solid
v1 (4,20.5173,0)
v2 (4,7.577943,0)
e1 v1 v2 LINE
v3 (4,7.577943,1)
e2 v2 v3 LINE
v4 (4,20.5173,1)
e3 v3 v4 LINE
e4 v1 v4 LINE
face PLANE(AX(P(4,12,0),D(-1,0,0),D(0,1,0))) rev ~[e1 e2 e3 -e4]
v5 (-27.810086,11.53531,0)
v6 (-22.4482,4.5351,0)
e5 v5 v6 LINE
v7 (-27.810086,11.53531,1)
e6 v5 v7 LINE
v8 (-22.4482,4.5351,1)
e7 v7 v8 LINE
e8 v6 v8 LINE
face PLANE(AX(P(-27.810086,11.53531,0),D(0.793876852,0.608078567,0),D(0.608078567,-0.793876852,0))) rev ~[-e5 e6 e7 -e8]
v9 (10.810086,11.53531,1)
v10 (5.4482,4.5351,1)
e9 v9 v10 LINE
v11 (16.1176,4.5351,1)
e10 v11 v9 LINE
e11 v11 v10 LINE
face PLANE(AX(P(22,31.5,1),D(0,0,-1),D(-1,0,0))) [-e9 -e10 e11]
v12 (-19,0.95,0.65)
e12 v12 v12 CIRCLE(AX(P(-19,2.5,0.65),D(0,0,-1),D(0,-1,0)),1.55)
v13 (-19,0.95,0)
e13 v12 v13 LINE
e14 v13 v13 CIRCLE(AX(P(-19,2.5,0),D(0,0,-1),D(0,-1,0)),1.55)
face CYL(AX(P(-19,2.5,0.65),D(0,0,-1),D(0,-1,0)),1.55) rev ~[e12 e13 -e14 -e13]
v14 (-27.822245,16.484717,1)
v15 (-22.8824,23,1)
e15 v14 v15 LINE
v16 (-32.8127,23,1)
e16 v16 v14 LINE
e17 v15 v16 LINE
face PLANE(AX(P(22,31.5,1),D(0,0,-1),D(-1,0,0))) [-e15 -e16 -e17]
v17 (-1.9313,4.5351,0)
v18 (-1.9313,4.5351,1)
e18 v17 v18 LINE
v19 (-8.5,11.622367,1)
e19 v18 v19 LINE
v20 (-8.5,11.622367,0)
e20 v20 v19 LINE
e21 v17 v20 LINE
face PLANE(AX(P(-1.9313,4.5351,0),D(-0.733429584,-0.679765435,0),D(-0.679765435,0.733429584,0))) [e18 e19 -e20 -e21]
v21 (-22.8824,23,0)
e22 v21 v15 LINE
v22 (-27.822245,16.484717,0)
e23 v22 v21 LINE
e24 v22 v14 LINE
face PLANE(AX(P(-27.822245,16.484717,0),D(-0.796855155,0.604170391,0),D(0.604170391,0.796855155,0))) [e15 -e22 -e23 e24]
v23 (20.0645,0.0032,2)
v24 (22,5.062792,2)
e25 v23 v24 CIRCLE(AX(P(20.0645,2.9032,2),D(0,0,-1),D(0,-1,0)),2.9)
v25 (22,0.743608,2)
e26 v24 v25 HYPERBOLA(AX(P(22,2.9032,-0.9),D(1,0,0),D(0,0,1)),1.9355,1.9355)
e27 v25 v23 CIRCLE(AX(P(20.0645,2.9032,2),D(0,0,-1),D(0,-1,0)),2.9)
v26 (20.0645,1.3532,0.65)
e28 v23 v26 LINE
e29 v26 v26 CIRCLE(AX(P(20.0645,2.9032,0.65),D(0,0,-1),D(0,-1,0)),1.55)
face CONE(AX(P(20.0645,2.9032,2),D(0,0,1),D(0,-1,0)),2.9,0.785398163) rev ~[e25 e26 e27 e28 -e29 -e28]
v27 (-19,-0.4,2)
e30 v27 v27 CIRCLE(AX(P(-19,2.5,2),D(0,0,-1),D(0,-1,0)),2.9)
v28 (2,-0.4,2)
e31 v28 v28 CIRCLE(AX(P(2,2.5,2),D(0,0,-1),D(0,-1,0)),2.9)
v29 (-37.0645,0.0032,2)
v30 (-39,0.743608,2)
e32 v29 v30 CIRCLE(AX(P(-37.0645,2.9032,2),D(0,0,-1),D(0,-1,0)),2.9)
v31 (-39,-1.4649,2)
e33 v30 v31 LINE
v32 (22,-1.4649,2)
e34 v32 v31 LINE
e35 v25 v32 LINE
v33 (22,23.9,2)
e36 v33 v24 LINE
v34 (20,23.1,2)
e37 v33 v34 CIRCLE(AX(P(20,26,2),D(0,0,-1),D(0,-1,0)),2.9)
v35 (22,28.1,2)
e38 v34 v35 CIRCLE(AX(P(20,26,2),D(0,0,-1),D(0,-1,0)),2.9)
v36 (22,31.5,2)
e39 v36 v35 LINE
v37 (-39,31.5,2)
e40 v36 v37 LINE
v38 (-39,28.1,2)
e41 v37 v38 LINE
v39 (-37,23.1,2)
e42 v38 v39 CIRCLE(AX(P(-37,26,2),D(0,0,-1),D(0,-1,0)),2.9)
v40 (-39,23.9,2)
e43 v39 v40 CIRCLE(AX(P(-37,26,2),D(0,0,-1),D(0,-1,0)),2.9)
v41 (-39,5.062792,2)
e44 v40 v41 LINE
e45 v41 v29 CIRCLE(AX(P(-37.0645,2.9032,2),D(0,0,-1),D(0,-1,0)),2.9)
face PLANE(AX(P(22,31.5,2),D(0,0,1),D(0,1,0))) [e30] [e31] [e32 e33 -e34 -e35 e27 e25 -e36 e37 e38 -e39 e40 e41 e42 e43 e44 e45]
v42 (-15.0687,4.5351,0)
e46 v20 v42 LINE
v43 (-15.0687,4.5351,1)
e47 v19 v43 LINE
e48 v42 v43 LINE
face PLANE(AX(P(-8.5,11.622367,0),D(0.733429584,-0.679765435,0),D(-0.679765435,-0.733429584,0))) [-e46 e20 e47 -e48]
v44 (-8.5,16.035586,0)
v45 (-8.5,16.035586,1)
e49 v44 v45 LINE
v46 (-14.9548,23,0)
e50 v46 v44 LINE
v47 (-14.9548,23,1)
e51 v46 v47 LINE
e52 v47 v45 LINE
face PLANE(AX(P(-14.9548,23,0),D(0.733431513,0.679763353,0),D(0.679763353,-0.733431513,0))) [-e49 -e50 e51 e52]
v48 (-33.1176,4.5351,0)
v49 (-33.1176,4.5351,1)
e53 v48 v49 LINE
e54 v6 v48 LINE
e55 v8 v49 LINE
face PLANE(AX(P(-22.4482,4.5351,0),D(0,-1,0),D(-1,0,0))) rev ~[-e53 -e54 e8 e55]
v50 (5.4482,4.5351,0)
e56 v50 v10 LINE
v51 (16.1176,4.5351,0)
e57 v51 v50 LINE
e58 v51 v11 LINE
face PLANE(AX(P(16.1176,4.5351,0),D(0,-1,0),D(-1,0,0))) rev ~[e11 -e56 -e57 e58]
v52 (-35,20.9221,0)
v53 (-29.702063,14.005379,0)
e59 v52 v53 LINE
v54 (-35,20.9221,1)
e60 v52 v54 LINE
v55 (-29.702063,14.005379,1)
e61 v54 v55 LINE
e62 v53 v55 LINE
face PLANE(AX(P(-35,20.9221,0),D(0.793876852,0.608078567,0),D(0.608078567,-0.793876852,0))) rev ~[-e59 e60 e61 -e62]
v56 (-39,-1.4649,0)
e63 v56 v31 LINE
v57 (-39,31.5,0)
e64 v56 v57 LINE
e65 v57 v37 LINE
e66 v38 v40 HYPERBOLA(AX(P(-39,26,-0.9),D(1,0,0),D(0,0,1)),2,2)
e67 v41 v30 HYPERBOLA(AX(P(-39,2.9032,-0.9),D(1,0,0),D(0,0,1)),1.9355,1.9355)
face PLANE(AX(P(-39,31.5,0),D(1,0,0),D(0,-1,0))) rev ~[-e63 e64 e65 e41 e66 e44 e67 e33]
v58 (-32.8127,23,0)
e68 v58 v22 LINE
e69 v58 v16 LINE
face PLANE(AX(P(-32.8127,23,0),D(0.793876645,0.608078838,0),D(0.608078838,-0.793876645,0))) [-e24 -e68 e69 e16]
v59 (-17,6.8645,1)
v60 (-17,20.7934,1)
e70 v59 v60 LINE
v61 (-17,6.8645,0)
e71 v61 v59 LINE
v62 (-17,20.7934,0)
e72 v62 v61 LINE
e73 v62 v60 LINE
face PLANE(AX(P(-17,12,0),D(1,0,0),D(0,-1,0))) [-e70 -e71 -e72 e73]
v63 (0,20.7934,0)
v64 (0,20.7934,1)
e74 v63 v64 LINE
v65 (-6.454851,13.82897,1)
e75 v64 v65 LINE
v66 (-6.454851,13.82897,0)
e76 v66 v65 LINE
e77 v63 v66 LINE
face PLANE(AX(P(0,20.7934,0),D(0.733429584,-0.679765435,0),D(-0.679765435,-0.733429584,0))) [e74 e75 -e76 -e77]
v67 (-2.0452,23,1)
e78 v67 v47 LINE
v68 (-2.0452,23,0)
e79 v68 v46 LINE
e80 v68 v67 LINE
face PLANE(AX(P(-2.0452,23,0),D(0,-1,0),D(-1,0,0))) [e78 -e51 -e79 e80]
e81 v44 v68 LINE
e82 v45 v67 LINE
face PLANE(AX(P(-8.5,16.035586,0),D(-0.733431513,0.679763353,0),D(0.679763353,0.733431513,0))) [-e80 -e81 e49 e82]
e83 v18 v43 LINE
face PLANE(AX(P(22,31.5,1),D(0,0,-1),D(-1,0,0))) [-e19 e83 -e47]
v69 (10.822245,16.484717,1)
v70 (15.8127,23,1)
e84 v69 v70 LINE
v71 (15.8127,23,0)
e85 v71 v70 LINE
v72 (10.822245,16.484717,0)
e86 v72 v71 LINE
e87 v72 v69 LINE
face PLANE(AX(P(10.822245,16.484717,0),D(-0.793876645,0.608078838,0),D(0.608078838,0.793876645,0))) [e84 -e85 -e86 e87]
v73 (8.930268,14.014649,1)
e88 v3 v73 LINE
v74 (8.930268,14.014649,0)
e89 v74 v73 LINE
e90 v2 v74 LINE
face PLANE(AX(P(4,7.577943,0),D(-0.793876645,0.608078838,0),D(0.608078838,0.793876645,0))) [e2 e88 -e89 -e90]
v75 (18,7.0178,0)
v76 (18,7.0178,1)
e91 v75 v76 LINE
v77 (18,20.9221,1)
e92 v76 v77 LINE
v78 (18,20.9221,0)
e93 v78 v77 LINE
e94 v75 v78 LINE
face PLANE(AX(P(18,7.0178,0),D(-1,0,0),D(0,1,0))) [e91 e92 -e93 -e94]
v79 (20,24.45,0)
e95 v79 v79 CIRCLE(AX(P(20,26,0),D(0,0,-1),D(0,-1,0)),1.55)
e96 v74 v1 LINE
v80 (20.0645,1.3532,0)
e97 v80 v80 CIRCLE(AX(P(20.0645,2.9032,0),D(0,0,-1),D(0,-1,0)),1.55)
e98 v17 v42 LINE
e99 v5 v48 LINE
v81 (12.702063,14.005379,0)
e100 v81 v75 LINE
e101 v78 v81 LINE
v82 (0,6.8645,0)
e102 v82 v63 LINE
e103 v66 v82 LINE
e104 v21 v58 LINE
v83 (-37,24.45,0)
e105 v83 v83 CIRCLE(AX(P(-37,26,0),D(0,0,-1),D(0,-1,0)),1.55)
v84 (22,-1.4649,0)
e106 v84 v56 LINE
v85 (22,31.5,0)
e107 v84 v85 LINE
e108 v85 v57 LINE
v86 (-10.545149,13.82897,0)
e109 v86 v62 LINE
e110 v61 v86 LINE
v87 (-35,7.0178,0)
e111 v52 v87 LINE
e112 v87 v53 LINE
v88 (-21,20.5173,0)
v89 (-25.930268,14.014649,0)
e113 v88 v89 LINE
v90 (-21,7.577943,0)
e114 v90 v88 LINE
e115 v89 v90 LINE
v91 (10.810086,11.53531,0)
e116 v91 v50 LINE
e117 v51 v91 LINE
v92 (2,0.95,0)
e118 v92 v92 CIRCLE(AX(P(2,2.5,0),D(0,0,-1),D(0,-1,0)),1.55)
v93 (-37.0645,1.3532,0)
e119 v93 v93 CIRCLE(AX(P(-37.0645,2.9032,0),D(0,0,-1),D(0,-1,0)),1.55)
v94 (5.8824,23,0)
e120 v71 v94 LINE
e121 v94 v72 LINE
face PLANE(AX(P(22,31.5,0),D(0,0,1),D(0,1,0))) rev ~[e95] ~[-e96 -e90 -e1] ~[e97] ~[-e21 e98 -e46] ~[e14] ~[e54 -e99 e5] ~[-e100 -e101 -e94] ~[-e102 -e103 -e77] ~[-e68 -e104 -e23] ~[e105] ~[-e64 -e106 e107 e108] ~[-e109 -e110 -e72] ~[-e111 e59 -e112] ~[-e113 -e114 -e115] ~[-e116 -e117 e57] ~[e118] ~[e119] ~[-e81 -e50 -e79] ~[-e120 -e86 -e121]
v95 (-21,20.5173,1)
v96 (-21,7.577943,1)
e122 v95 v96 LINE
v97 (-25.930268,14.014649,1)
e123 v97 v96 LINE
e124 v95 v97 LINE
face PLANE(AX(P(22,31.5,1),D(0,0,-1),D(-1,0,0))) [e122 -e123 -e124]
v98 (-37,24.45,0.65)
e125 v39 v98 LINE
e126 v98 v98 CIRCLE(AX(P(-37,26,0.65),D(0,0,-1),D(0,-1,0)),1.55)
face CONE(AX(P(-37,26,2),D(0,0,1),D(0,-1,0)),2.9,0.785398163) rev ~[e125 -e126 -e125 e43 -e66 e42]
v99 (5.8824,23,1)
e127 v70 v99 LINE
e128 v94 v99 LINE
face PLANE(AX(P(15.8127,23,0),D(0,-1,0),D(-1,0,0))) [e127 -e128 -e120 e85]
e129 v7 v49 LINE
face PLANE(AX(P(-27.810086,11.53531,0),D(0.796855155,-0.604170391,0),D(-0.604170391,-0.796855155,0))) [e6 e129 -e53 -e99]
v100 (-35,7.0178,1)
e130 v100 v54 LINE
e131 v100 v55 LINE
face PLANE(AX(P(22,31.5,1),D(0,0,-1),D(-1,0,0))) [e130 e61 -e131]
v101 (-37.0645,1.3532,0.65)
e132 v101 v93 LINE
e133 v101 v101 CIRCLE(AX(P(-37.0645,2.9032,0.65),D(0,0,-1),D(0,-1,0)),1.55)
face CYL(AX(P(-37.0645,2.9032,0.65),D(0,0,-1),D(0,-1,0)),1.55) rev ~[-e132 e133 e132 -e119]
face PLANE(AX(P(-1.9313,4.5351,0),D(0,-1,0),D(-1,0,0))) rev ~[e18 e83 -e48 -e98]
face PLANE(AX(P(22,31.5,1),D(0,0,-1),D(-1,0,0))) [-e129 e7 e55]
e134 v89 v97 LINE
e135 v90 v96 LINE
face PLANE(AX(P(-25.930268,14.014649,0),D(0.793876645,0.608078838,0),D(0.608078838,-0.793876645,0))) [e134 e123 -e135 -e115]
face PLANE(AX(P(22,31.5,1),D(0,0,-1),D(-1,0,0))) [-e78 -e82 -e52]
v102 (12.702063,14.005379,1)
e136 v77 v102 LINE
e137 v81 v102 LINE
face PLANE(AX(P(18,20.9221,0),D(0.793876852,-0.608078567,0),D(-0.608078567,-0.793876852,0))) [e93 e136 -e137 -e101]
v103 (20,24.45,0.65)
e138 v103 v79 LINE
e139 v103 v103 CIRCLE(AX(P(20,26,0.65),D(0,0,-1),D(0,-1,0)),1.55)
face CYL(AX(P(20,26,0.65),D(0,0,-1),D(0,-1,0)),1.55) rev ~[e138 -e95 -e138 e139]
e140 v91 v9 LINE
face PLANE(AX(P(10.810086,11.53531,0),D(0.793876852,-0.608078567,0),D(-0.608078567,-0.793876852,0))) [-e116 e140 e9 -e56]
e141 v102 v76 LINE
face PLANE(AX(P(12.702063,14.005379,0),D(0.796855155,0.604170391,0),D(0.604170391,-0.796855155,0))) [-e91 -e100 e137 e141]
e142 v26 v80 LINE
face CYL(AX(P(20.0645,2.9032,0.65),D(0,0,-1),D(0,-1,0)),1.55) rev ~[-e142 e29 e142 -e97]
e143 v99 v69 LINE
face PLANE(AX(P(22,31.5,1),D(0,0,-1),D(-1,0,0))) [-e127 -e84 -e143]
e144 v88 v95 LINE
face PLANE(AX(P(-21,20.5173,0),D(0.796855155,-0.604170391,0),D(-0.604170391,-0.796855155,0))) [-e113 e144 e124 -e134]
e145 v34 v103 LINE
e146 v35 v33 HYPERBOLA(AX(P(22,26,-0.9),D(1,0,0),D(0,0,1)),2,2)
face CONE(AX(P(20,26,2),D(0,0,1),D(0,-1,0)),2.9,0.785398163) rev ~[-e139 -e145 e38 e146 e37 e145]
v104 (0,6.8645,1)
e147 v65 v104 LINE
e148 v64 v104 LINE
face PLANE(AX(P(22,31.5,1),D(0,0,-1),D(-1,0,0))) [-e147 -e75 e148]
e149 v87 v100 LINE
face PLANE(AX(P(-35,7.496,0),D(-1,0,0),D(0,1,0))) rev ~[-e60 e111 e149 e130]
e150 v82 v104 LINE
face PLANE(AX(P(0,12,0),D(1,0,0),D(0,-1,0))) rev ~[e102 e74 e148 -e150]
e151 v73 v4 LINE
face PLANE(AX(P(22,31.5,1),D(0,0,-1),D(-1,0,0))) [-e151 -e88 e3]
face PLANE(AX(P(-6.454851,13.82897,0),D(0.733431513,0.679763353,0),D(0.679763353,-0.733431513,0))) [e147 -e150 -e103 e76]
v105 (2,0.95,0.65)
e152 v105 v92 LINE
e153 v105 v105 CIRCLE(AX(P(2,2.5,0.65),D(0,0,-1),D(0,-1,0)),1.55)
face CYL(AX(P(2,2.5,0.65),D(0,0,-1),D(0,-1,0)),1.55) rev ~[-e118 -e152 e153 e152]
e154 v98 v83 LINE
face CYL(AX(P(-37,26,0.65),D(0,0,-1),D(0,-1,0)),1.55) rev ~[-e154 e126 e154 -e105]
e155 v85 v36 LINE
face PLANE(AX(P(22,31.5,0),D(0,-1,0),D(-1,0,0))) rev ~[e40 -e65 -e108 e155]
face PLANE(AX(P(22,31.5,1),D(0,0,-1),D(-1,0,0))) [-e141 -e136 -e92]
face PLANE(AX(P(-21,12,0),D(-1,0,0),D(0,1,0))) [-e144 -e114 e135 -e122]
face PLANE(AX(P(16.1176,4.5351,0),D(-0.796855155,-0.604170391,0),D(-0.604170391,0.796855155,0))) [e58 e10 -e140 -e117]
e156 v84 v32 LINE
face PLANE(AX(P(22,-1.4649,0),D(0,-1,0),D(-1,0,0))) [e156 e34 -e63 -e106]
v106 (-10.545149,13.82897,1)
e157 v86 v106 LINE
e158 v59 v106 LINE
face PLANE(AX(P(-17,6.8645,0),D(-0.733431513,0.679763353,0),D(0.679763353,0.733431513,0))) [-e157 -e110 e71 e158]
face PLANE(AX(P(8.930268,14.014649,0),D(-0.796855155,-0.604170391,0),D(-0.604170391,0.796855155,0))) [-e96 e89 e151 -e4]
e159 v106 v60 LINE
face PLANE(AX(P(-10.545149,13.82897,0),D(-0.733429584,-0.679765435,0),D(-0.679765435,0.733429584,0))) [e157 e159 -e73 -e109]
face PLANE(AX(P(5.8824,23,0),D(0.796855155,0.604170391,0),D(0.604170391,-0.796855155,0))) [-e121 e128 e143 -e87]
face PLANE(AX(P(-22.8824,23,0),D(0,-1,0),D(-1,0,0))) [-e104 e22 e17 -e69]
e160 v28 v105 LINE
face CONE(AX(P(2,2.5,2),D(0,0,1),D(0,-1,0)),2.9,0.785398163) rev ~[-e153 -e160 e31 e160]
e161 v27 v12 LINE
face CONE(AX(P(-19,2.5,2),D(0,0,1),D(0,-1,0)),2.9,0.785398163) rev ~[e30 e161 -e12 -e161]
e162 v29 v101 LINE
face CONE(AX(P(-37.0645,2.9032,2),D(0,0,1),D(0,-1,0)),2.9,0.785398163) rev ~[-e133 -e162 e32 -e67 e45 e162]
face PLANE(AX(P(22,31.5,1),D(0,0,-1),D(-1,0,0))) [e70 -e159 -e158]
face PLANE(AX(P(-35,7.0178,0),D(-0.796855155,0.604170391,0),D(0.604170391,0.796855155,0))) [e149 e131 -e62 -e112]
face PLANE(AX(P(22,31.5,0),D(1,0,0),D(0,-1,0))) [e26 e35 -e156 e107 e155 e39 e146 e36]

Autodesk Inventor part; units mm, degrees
ref_plane "YZ Plane" through (0, 0, 0) normal (1, 0, 0) x (0, 1, 0)
ref_plane "XZ Plane" through (0, 0, 0) normal (0, 1, 0) x (-1, 0, 0)
ref_plane "Work Plane1" through (22, 31.5, 0) normal (0, 0, 1) x (0, 1, 0)
sketch "Sketch1" plane through (22, 31.5, 0) normal (0, 0, 1) x (0, 1, 0)
  line L0 (0, 0) -> (0, 61) projected
  line L1 (0, 61) -> (-3.5, 61) projected
  line L2 (-3.5, 0) -> (-3.5, 61) projected
  circle A0 centre (-5.5, 2) radius 1.75 projected
  circle A1 centre (-28.5, 2) radius 1.75 projected
  line L3 (-3.5, 4) -> (-7.5, 4) projected
  arc A2 (-8.5, 3) -> (-7.5, 4) centre (-8.5, 4) ccw projected
  line L4 (-8.5, 3) -> (-21.7679, 3) projected
  arc A3 (-23.5, 4) -> (-21.7679, 3) centre (-21.7679, 5) ccw projected
  line L5 (-23.5, 4) -> (-31.5, 4) projected
  line L6 (-31.5, 0) -> (-31.5, 4) projected
  line L7 (-3.5, 0) -> (-3.5, 4) projected
  line L8 (-19.5, 22) -> (-3.5, 22) projected
  line L9 (-3.5, 22) -> (-3.5, 18) projected
  line L10 (-19.5, 39) -> (-3.5, 39) projected
  line L11 (-3.5, 39) -> (-3.5, 43) projected
  line L12 (-3.5, 57) -> (-6.7679, 57) projected
  line L13 (-3.5, 61) -> (-3.5, 57) projected
  line L14 (-3.5, 61) -> (-31.5, 61) projected
  line L15 (-31.5, 61) -> (-31.5, 57) projected
  line L16 (-24.004, 57) -> (-31.5, 57) projected
  line L17 (0, 0) -> (-32.9649, 0)
  line L18 (-32.9649, 0) -> (-32.9649, 61)
  line L19 (-32.9649, 61) -> (0, 61)
  line L20 (0, 61) -> (0, 0)
  line L21 (-3.5, 0) -> (-31.5, 0)
  line L22 (-8.5, 58) -> (-21.7679, 58) projected
  arc A4 (-7.634, 57.5) -> (-6.7679, 57) centre (-6.7679, 58) ccw projected
  arc A5 (-24.004, 57) -> (-23.2587, 57.3333) centre (-24.004, 58) ccw projected
  arc A6 (-21.7679, 58) -> (-23.2587, 57.3333) centre (-21.7679, 56) ccw projected
  arc A7 (-7.634, 57.5) -> (-8.5, 58) centre (-8.5, 57) ccw projected
  line L23 (-19.5, 18) -> (-19.5, 22) projected
  line L24 (-19.5, 18) -> (-3.5, 18) projected
  line L25 (-19.5, 43) -> (-3.5, 43) projected
  line L26 (-19.5, 43) -> (-19.5, 39) projected
  circle A8 centre (-5.5, 59) radius 1.75 projected
  circle A9 centre (-28.5, 59) radius 1.75 projected
  line L27 (-32.9649, 119.5) -> (-32.9649, -58.5) projected
  point P0 (-3.5, 28.5)
  point P1 (-3.5, 32.5)
  point P2 (-3.5, 61)
  point P3 (-13.5, 58)
  dimension "d25" = 0
  dimension "d26" = 0
extrude "Extrusion1" add sketch "Sketch1" along normal blind 2 contours L17 L2 L1 L0 | L17 L6 L5 A3 L4 A2 L3 L2 | L2 L12 A4 A7 L22 A6 A5 L16 L15 L14 | L3 A2 L4 A3 L5 L6 L17 L18 L19 L15 L16 A5 A6 L22 A7 A4 L12 L2 L25 L26 L10 L8 L23 L24 | L24 L23 L8 L2 | L2 L10 L26 L25 | A0 | A1 | A8 | A9
hole "Hole1" at (20.0645, 2.9032, 2) at (20, 26, 2) at (2, 2.5, 2) at (-19, 2.5, 2) at (-37, 26, 2) at (-37.0645, 2.9032, 2) direction (0, 0, -1) diameter 3.1 end through all countersink diameter 5.8 countersink angle 90 clearance for "Countersunk Flat Head Screw ISO 2009/7046" size "M2.5" standard "ISO"
sketch "Sketch4" plane through (22, 31.5, 0) normal (0, 0, -1) x (-1, 0, 0)
  line L0 (39, -19.5) -> (39, -3.5)
  line L1 (39, -3.5) -> (43, -3.5)
  line L2 (43, -19.5) -> (43, -3.5)
  line L3 (43, -19.5) -> (39, -19.5)
  line L4 (22, -19.5) -> (22, -3.5)
  line L5 (18, -19.5) -> (22, -19.5)
  line L6 (18, -19.5) -> (18, -3.5)
  line L7 (22, -3.5) -> (18, -3.5)
  circle A0 centre (20, -29) radius 1.75
  line L8 (22, -31.5) -> (18, -31.5)
  line L9 (18, -31.5) -> (18, -19.5)
  line L10 (22, -19.5) -> (18, -19.5)
  line L11 (22, -19.5) -> (22, -31.5)
  circle A1 centre (41, -29) radius 1.75
  line L12 (39, -31.5) -> (43, -31.5)
  line L13 (39, -19.5) -> (39, -31.5)
  line L14 (39, -23.5) -> (43, -23.5)
  line L15 (43, -31.5) -> (43, -19.5)
  circle A2 centre (59, -5.5) radius 1.75
  circle A3 centre (59, -28.5) radius 1.75
  arc A4 (57, -6.7679) -> (57.5, -7.634) centre (58, -6.7679) ccw
  line L16 (57, -3.5) -> (57, -6.7679)
  line L17 (61, -3.5) -> (57, -3.5)
  line L18 (61, -3.5) -> (61, -31.5)
  line L19 (61, -31.5) -> (57, -31.5)
  line L20 (57, -24.004) -> (57, -31.5)
  arc A5 (57.3333, -23.2587) -> (57, -24.004) centre (58, -24.004) ccw
  arc A6 (57.3333, -23.2587) -> (58, -21.7679) centre (56, -21.7679) ccw
  line L21 (58, -8.5) -> (58, -21.7679)
  arc A7 (58, -8.5) -> (57.5, -7.634) centre (57, -8.5) ccw
  line L22 (61, -32.9649) -> (0, -32.9649)
  line L23 (0, -32.9649) -> (0, 0)
  line L24 (61, -32.9649) -> (0, -32.9649)
  line L25 (0, -32.9649) -> (0, -26.9649)
  line L26 (0, -26.9649) -> (61, -26.9649)
  line L27 (61, -26.9649) -> (61, -32.9649)
  line L28 (61, 0) -> (61, -32.9649)
  line L29 (0, -8.5) -> (61, -8.5)
  line L30 (61, -8.5) -> (61, -2.5)
  line L31 (61, -2.5) -> (0, -2.5)
  line L32 (0, -2.5) -> (0, -8.5)
  circle A8 centre (41, -29) radius 1.55
  line L33 (59, -5.5) -> (41, -29) construction
  line L34 (2, -5.5) -> (20, -29) construction
  circle A9 centre (41, -29) radius 2.9
  circle A10 centre (1.9355, -28.5968) radius 1.55
  line L35 (57, -26.9649) -> (57, -8.5)
  line L36 (4, -26.9649) -> (4, -8.5)
  line L37 (57, -10.5779) -> (44.4482, -26.9649)
  line L38 (54.8127, -8.5) -> (40.6693, -26.9649)
  line L39 (20.3307, -26.9649) -> (6.1873, -8.5)
  line L40 (4, -10.5779) -> (16.5518, -26.9649)
  circle A11 centre (20, -29) radius 2.9
  line L41 (61, -32.9649) -> (0, -32.9649)
  line L42 (0, -32.9649) -> (0, -30.7564)
  line L43 (0, 0) -> (61, 0)
  line L44 (61, 0) -> (61, -3.4)
  circle A12 centre (41, -29) radius 2.9
  arc A13 (61, -26.4372) -> (61, -30.7564) centre (59.0645, -28.5968) ccw
  arc A14 (0, -7.6) -> (0, -3.4) centre (2, -5.5) ccw
  arc A15 (0, -30.7564) -> (0, -26.4372) centre (1.9355, -28.5968) ccw
  arc A16 (61, -3.4) -> (61, -7.6) centre (59, -5.5) ccw
  line L45 (61, -7.6) -> (61, -26.4372)
  line L46 (61, -30.7564) -> (61, -32.9649)
  line L47 (0, -26.4372) -> (0, -7.6)
  line L48 (0, -3.4) -> (0, 0)
  line L49 (61, -3.5) -> (57, -3.5)
  line L50 (61, -3.5) -> (61, -31.5)
  line L51 (61, -31.5) -> (57, -31.5)
  line L52 (57, -3.5) -> (57, -31.5)
  line L53 (4, -26.9649) -> (18, -8.5) construction
  line L54 (57, -26.9649) -> (43, -8.5) construction
  line L55 (57, -24.4822) -> (44.8824, -8.5)
  line L56 (43, -10.9827) -> (55.1176, -26.9649)
  line L57 (5.8824, -26.9649) -> (18, -10.9827)
  line L58 (16.1176, -8.5) -> (4, -24.4822)
  circle A17 centre (41, -29) radius 1.55
  line L59 (22, -8.5) -> (41, -29) construction
  line L60 (39, -8.5) -> (20, -29) construction
  line L61 (39, -24.6355) -> (24.0452, -8.5)
  line L62 (22, -10.7066) -> (37.0687, -26.9649)
  line L63 (23.9313, -26.9649) -> (39, -10.7066)
  line L64 (36.9548, -8.5) -> (22, -24.6355)
  point P0 (42.4697, -31.5)
  point P1 (39.5303, -31.5)
  point P2 (18, -23.9221)
  point P3 (18, -8.5)
  point P4 (22, -8.5)
  point P5 (39, -8.5)
  point P6 (43, -23.9221)
  point P7 (0, -2.5)
  point P8 (28.4548, -17.6711)
  point P9 (30.5, -15.4644)
  point P10 (30.5, -19.8777)
  point P11 (49.8222, -15.0153)
  point P12 (47.9303, -17.4854)
  point P13 (57, -26.5602)
  point P14 (56.6672, -26.9649)
  point P15 (51.7021, -17.4946)
  point P16 (49.8101, -19.9647)
  point P17 (13.0697, -17.4854)
  point P18 (11.1778, -15.0153)
  point P19 (11.1899, -19.9647)
  point P20 (4.3328, -26.9649)
  point P21 (4, -26.5602)
  point P22 (9.2979, -17.4946)
  point P23 (32.5452, -17.6711)
extrude "zeberka" cut sketch "Sketch4" against normal blind 1 contours L13 L61 L63 L0 | L2 L56 L38 L15 | L64 L61 L29 | L62 L26 L63 | L29 L38 L55 | L64 L11 L4 L62 | L56 L26 L37 | L37 L35 L20 L55 | L6 L9 L39 L57 | L58 L39 L29 | L40 L26 L57 | L58 L36 L40
properties part number "back" material "Nylon 6/6"
